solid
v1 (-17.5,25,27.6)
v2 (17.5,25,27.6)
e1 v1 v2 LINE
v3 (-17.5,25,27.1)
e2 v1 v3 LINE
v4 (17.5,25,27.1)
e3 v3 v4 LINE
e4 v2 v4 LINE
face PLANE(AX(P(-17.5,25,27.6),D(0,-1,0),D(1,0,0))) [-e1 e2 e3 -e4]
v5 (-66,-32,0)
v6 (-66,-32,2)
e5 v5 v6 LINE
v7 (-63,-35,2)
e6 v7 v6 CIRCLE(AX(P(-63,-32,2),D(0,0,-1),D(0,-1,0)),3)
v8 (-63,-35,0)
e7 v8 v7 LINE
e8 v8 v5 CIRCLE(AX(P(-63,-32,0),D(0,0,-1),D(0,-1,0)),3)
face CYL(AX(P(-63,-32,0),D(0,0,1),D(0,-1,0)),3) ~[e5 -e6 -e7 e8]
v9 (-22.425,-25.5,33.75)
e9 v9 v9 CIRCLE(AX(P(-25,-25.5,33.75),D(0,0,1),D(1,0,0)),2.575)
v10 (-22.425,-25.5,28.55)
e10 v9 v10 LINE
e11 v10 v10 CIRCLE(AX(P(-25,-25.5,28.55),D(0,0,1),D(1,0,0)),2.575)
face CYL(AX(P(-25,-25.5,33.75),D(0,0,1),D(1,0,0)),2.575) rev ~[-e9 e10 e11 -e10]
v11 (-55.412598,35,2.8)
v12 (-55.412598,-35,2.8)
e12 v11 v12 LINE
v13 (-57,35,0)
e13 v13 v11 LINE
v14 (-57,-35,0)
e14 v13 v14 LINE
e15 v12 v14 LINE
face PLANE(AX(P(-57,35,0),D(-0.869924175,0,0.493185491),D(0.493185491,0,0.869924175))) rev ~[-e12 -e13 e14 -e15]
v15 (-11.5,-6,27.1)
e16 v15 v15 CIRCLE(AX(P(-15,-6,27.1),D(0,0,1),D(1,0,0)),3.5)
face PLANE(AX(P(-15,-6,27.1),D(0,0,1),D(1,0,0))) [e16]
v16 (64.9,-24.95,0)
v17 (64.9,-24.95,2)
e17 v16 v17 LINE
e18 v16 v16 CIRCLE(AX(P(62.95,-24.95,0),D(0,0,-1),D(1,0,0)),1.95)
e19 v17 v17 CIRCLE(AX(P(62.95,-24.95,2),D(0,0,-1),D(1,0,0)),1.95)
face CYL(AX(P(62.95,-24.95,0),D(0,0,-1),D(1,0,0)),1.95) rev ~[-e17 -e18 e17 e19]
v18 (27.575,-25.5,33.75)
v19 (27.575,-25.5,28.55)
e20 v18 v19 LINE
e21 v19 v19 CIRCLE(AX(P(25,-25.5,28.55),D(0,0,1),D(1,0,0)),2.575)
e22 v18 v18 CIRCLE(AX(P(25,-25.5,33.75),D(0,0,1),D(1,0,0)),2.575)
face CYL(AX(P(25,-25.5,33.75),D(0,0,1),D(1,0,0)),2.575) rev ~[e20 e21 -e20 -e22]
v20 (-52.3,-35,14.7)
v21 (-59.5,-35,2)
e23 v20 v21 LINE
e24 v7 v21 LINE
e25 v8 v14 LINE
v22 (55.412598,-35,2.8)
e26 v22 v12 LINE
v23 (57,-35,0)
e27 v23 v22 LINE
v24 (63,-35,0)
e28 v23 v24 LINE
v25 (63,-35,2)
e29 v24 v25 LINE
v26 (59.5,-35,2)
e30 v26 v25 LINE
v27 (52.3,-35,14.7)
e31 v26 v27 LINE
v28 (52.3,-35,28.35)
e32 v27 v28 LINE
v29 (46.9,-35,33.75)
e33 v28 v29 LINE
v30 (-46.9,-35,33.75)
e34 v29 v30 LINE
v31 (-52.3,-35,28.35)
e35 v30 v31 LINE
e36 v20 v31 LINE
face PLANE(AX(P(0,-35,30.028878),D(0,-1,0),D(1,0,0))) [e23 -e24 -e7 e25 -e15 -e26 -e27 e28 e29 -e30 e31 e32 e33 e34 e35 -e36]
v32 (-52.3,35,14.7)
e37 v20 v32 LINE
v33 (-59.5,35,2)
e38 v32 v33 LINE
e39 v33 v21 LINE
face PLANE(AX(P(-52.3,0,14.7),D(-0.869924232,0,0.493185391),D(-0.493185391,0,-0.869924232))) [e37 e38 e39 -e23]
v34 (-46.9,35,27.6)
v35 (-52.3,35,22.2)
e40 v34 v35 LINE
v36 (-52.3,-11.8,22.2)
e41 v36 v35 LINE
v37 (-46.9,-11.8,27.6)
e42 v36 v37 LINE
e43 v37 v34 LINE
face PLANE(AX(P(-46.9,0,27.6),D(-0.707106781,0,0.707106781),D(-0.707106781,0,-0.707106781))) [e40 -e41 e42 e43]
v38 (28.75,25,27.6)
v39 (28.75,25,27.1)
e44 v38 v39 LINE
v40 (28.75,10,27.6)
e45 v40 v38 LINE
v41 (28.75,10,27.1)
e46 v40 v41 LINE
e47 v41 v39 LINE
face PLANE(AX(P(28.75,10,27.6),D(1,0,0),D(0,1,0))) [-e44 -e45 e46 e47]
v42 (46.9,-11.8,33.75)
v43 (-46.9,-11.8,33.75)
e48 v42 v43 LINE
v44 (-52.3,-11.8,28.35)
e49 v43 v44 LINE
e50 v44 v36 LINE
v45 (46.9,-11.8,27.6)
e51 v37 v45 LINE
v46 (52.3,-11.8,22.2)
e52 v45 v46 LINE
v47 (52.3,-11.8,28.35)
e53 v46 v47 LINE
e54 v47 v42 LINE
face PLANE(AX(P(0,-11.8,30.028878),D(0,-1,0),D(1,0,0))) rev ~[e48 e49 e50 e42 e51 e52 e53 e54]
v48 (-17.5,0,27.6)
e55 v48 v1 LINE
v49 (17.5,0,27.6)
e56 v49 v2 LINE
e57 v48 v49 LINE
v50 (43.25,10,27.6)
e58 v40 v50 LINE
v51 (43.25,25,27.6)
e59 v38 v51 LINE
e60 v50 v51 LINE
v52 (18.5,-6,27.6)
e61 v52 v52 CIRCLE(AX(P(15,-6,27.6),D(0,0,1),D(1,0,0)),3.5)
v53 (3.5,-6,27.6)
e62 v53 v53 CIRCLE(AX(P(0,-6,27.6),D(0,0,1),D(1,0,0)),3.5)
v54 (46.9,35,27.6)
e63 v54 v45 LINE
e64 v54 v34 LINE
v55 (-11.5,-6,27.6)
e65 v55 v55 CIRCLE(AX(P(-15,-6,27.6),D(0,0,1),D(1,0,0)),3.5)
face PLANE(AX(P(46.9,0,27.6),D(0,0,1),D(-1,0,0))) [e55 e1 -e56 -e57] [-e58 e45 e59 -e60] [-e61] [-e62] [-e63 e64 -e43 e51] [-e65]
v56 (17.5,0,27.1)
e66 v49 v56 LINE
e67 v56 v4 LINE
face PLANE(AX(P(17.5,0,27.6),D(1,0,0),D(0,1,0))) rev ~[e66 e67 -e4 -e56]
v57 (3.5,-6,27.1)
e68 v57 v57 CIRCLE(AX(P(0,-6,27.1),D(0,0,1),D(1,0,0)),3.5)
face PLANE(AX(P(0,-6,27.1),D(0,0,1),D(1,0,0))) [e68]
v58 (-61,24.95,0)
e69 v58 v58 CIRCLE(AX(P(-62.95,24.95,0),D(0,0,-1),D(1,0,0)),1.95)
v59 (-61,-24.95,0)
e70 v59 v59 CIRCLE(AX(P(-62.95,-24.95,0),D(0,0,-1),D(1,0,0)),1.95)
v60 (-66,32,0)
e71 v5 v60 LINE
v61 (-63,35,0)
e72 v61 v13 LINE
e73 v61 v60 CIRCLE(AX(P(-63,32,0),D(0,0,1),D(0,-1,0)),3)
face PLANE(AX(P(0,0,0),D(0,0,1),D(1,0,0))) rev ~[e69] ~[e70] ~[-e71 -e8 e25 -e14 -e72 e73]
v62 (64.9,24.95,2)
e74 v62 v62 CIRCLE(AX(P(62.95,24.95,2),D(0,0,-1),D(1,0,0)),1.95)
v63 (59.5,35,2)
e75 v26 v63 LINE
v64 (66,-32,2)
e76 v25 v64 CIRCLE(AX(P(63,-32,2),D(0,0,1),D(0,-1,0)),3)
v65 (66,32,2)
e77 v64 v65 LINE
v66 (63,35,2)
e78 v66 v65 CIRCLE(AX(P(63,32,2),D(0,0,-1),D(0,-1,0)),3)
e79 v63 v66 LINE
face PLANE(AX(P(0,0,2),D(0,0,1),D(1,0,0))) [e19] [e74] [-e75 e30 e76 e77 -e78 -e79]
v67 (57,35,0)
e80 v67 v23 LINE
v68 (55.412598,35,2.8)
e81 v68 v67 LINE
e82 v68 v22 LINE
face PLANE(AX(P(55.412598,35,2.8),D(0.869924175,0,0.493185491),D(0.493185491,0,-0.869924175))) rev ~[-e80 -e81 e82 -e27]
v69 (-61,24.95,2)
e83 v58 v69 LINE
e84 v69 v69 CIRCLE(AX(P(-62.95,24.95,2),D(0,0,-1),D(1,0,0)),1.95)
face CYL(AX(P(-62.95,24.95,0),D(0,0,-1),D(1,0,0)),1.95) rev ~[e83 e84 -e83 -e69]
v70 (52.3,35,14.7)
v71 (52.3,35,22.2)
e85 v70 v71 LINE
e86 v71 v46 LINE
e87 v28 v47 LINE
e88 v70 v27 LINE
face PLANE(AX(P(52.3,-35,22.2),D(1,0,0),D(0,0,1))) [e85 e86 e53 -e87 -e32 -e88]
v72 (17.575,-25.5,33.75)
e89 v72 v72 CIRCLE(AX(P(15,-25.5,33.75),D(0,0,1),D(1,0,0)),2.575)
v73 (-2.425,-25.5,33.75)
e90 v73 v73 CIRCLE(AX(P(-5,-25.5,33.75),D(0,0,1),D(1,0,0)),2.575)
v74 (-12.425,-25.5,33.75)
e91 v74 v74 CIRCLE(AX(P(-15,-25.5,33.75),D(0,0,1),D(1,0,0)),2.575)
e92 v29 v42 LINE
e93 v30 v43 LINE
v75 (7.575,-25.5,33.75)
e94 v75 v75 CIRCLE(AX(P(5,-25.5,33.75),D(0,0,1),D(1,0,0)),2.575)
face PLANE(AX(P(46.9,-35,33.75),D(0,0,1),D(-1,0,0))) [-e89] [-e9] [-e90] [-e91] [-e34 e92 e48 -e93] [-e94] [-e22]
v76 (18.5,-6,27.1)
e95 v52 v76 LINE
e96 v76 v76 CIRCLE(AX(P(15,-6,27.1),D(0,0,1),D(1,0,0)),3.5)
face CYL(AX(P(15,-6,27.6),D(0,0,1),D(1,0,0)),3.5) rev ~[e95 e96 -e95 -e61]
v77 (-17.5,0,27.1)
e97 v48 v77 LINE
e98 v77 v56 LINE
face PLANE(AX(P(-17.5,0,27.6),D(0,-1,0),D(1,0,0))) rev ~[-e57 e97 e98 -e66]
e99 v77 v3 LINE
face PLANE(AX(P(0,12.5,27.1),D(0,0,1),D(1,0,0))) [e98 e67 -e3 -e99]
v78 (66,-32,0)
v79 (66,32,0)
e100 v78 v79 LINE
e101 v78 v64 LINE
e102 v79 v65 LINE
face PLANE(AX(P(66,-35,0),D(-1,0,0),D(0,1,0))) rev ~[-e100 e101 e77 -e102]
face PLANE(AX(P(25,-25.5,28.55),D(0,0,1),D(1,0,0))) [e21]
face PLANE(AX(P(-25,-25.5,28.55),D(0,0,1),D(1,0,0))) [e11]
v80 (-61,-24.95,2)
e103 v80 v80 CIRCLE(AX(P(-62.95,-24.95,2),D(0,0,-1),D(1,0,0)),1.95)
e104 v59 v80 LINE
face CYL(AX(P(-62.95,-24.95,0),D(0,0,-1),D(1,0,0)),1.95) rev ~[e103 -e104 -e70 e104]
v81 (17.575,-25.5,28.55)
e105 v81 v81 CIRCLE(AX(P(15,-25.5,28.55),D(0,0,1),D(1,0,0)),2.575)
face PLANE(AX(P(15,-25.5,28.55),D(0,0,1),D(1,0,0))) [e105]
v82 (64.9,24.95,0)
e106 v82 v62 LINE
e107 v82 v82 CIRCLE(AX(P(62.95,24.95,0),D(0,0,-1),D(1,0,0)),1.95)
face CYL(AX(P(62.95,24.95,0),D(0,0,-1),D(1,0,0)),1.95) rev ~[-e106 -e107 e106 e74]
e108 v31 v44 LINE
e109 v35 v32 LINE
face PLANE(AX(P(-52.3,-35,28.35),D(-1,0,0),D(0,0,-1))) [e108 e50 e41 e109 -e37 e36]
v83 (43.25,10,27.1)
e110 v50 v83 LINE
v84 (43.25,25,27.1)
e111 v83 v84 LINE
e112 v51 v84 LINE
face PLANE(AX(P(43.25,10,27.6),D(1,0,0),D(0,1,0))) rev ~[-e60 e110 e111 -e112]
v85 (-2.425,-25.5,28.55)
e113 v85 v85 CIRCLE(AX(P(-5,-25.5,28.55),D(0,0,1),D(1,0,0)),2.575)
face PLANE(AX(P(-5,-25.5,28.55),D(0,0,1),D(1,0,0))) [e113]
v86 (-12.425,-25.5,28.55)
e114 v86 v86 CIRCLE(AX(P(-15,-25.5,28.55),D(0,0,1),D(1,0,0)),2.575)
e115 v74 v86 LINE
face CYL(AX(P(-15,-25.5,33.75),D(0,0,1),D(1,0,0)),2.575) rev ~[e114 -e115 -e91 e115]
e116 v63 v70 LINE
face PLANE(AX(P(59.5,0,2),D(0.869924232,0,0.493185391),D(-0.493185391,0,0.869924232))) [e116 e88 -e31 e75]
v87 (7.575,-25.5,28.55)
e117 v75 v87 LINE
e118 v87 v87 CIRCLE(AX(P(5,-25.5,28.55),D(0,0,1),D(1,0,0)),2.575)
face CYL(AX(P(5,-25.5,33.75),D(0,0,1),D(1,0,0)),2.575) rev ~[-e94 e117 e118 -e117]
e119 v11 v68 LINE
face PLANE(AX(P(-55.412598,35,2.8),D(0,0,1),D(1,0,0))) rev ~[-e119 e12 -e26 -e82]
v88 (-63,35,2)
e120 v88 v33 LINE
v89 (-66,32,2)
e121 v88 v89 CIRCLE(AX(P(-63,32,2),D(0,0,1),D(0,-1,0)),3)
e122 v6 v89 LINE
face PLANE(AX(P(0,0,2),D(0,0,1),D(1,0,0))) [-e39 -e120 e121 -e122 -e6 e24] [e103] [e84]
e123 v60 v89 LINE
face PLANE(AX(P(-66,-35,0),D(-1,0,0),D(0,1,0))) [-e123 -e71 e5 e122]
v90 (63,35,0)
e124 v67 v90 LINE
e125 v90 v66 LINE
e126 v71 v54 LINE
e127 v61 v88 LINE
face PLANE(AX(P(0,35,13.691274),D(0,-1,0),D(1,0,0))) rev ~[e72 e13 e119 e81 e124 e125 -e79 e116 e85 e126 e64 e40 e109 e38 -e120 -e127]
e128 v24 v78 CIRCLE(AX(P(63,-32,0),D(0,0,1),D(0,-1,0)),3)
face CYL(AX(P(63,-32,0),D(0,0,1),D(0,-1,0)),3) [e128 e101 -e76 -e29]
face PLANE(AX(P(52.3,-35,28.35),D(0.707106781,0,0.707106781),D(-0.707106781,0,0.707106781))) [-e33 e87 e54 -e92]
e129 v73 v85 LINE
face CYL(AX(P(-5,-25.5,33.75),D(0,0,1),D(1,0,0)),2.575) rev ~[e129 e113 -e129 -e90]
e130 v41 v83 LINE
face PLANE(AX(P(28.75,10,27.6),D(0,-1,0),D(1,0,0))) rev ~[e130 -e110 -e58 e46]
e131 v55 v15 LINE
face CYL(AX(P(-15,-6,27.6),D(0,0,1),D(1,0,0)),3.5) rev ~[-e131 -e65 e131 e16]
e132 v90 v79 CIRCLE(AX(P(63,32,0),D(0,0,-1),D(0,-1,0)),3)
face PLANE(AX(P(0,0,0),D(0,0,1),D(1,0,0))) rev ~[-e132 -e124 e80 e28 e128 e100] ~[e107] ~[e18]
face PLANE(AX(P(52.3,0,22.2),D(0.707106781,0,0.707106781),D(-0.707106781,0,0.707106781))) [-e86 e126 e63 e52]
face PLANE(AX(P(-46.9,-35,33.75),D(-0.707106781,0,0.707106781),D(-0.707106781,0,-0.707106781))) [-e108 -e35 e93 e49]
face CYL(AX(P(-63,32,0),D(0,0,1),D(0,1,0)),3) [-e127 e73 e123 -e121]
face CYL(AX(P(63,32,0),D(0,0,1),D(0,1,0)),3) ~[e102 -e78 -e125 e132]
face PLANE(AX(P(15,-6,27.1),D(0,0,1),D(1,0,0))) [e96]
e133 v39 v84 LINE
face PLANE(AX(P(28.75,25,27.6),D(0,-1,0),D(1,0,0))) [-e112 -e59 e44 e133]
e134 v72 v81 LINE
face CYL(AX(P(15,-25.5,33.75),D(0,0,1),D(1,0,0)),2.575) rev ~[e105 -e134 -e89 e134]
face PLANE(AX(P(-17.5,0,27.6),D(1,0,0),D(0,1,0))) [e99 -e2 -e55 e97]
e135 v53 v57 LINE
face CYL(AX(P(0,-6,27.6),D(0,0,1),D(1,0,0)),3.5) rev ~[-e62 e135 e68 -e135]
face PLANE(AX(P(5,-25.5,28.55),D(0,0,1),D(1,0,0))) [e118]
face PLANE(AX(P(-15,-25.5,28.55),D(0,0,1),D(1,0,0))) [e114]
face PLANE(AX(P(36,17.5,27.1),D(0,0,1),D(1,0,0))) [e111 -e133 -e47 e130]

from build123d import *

# Parameters (mm, degrees)
F0_W      = 132
F0_H      = 70
F1_DEPTH  = 2
F3_DEPTH  = 35
F4_DEPTH  = 35
F6_DEPTH  = 23.2
F7_R      = 1.95
F8_DEPTH  = 25
F9_R      = 3
F10_R     = 2.575
F11_DEPTH = 5.2
F13_DEPTH = 70.001
F14_W     = 35
F14_H     = 25
F14_R     = 3.5
F14_W_2   = 14.5
F14_H_2   = 15
F15_DEPTH = 0.5


with BuildPart() as f1:
    # F0 (on Top) → F1 (new body)
    with BuildSketch(Plane.XY):
        Rectangle(F0_W, F0_H)
    extrude(amount=F1_DEPTH)

    # F2 (on Front) → F3 (join, through all)
    with BuildSketch(Plane.XZ):
        Polygon((-52.3, 14.7), (-59.5, 2), (59.5, 2), (52.3, 14.7), (52.3, 22.2), (46.9, 27.6), (-46.9, 27.6), (-52.3, 22.2), align=None)
    extrude(amount=F3_DEPTH)

    # F2 (on Front) → F4 (join, through all)
    with BuildSketch(Plane.XZ):
        Polygon((-52.3, 14.7), (-59.5, 2), (59.5, 2), (52.3, 14.7), (52.3, 22.2), (46.9, 27.6), (-46.9, 27.6), (-52.3, 22.2), align=None)
    extrude(amount=-F4_DEPTH)

    # F5 (on face) → F6 (join)
    with BuildSketch(Plane.XZ.offset(35)):
        Polygon((-52.3, 28.35), (-52.3, 22.2), (-46.9, 27.6), (46.9, 27.6), (52.3, 22.2), (52.3, 28.35), (46.9, 33.75), (-46.9, 33.75), align=None)
    extrude(amount=-F6_DEPTH)

    # F7 (on face) → F8 (cut)
    with BuildSketch(Plane(origin=(0, 0, 0), x_dir=(1, 0, 0), z_dir=(0, 0, -1))):
        with Locations((62.95, -24.95)):
            Circle(F7_R)
        with Locations((62.95, 24.95)):
            Circle(F7_R)
        with Locations((-62.95, 24.95)):
            Circle(F7_R)
        with Locations((-62.95, -24.95)):
            Circle(F7_R)
    extrude(amount=-F8_DEPTH, mode=Mode.SUBTRACT)

    # F9
    f9_edges = [f1.edges().sort_by_distance(p)[0] for p in [
        (66, -35, 1),
        (66, 35, 1),
        (-66, -35, 1),
        (-66, 35, 1),
    ]]
    fillet(f9_edges, radius=F9_R)

    # F10 (on face) → F11 (cut)
    with BuildSketch(Plane.XY.offset(33.75)):
        with Locations((-25, -25.5)):
            Circle(F10_R)
        with Locations((-15, -25.5)):
            Circle(F10_R)
        with Locations((-5, -25.5)):
            Circle(F10_R)
        with Locations((5, -25.5)):
            Circle(F10_R)
        with Locations((15, -25.5)):
            Circle(F10_R)
        with Locations((25, -25.5)):
            Circle(F10_R)
    extrude(amount=-F11_DEPTH, mode=Mode.SUBTRACT)

    # F12 (on face) → F13 (cut, through all)
    with BuildSketch(Plane(origin=(0, 35, 0), x_dir=(-1, 0, 0), z_dir=(0, 1, 0))):
        Polygon((-57, 0), (57, 0), (55.412598, 2.8), (-55.412598, 2.8), align=None)
    extrude(amount=-F13_DEPTH, mode=Mode.SUBTRACT)

    # F14 (on face) → F15 (cut)
    with BuildSketch(Plane.XY.offset(27.6)):
        with Locations((0, 12.5)):
            Rectangle(F14_W, F14_H)
        with Locations((0, -6)):
            Circle(F14_R)
        with Locations((-15, -6)):
            Circle(F14_R)
        with Locations((15, -6)):
            Circle(F14_R)
        with Locations((36, 17.5)):
            Rectangle(F14_W_2, F14_H_2)
    extrude(amount=-F15_DEPTH, mode=Mode.SUBTRACT)


solid = f1.part
